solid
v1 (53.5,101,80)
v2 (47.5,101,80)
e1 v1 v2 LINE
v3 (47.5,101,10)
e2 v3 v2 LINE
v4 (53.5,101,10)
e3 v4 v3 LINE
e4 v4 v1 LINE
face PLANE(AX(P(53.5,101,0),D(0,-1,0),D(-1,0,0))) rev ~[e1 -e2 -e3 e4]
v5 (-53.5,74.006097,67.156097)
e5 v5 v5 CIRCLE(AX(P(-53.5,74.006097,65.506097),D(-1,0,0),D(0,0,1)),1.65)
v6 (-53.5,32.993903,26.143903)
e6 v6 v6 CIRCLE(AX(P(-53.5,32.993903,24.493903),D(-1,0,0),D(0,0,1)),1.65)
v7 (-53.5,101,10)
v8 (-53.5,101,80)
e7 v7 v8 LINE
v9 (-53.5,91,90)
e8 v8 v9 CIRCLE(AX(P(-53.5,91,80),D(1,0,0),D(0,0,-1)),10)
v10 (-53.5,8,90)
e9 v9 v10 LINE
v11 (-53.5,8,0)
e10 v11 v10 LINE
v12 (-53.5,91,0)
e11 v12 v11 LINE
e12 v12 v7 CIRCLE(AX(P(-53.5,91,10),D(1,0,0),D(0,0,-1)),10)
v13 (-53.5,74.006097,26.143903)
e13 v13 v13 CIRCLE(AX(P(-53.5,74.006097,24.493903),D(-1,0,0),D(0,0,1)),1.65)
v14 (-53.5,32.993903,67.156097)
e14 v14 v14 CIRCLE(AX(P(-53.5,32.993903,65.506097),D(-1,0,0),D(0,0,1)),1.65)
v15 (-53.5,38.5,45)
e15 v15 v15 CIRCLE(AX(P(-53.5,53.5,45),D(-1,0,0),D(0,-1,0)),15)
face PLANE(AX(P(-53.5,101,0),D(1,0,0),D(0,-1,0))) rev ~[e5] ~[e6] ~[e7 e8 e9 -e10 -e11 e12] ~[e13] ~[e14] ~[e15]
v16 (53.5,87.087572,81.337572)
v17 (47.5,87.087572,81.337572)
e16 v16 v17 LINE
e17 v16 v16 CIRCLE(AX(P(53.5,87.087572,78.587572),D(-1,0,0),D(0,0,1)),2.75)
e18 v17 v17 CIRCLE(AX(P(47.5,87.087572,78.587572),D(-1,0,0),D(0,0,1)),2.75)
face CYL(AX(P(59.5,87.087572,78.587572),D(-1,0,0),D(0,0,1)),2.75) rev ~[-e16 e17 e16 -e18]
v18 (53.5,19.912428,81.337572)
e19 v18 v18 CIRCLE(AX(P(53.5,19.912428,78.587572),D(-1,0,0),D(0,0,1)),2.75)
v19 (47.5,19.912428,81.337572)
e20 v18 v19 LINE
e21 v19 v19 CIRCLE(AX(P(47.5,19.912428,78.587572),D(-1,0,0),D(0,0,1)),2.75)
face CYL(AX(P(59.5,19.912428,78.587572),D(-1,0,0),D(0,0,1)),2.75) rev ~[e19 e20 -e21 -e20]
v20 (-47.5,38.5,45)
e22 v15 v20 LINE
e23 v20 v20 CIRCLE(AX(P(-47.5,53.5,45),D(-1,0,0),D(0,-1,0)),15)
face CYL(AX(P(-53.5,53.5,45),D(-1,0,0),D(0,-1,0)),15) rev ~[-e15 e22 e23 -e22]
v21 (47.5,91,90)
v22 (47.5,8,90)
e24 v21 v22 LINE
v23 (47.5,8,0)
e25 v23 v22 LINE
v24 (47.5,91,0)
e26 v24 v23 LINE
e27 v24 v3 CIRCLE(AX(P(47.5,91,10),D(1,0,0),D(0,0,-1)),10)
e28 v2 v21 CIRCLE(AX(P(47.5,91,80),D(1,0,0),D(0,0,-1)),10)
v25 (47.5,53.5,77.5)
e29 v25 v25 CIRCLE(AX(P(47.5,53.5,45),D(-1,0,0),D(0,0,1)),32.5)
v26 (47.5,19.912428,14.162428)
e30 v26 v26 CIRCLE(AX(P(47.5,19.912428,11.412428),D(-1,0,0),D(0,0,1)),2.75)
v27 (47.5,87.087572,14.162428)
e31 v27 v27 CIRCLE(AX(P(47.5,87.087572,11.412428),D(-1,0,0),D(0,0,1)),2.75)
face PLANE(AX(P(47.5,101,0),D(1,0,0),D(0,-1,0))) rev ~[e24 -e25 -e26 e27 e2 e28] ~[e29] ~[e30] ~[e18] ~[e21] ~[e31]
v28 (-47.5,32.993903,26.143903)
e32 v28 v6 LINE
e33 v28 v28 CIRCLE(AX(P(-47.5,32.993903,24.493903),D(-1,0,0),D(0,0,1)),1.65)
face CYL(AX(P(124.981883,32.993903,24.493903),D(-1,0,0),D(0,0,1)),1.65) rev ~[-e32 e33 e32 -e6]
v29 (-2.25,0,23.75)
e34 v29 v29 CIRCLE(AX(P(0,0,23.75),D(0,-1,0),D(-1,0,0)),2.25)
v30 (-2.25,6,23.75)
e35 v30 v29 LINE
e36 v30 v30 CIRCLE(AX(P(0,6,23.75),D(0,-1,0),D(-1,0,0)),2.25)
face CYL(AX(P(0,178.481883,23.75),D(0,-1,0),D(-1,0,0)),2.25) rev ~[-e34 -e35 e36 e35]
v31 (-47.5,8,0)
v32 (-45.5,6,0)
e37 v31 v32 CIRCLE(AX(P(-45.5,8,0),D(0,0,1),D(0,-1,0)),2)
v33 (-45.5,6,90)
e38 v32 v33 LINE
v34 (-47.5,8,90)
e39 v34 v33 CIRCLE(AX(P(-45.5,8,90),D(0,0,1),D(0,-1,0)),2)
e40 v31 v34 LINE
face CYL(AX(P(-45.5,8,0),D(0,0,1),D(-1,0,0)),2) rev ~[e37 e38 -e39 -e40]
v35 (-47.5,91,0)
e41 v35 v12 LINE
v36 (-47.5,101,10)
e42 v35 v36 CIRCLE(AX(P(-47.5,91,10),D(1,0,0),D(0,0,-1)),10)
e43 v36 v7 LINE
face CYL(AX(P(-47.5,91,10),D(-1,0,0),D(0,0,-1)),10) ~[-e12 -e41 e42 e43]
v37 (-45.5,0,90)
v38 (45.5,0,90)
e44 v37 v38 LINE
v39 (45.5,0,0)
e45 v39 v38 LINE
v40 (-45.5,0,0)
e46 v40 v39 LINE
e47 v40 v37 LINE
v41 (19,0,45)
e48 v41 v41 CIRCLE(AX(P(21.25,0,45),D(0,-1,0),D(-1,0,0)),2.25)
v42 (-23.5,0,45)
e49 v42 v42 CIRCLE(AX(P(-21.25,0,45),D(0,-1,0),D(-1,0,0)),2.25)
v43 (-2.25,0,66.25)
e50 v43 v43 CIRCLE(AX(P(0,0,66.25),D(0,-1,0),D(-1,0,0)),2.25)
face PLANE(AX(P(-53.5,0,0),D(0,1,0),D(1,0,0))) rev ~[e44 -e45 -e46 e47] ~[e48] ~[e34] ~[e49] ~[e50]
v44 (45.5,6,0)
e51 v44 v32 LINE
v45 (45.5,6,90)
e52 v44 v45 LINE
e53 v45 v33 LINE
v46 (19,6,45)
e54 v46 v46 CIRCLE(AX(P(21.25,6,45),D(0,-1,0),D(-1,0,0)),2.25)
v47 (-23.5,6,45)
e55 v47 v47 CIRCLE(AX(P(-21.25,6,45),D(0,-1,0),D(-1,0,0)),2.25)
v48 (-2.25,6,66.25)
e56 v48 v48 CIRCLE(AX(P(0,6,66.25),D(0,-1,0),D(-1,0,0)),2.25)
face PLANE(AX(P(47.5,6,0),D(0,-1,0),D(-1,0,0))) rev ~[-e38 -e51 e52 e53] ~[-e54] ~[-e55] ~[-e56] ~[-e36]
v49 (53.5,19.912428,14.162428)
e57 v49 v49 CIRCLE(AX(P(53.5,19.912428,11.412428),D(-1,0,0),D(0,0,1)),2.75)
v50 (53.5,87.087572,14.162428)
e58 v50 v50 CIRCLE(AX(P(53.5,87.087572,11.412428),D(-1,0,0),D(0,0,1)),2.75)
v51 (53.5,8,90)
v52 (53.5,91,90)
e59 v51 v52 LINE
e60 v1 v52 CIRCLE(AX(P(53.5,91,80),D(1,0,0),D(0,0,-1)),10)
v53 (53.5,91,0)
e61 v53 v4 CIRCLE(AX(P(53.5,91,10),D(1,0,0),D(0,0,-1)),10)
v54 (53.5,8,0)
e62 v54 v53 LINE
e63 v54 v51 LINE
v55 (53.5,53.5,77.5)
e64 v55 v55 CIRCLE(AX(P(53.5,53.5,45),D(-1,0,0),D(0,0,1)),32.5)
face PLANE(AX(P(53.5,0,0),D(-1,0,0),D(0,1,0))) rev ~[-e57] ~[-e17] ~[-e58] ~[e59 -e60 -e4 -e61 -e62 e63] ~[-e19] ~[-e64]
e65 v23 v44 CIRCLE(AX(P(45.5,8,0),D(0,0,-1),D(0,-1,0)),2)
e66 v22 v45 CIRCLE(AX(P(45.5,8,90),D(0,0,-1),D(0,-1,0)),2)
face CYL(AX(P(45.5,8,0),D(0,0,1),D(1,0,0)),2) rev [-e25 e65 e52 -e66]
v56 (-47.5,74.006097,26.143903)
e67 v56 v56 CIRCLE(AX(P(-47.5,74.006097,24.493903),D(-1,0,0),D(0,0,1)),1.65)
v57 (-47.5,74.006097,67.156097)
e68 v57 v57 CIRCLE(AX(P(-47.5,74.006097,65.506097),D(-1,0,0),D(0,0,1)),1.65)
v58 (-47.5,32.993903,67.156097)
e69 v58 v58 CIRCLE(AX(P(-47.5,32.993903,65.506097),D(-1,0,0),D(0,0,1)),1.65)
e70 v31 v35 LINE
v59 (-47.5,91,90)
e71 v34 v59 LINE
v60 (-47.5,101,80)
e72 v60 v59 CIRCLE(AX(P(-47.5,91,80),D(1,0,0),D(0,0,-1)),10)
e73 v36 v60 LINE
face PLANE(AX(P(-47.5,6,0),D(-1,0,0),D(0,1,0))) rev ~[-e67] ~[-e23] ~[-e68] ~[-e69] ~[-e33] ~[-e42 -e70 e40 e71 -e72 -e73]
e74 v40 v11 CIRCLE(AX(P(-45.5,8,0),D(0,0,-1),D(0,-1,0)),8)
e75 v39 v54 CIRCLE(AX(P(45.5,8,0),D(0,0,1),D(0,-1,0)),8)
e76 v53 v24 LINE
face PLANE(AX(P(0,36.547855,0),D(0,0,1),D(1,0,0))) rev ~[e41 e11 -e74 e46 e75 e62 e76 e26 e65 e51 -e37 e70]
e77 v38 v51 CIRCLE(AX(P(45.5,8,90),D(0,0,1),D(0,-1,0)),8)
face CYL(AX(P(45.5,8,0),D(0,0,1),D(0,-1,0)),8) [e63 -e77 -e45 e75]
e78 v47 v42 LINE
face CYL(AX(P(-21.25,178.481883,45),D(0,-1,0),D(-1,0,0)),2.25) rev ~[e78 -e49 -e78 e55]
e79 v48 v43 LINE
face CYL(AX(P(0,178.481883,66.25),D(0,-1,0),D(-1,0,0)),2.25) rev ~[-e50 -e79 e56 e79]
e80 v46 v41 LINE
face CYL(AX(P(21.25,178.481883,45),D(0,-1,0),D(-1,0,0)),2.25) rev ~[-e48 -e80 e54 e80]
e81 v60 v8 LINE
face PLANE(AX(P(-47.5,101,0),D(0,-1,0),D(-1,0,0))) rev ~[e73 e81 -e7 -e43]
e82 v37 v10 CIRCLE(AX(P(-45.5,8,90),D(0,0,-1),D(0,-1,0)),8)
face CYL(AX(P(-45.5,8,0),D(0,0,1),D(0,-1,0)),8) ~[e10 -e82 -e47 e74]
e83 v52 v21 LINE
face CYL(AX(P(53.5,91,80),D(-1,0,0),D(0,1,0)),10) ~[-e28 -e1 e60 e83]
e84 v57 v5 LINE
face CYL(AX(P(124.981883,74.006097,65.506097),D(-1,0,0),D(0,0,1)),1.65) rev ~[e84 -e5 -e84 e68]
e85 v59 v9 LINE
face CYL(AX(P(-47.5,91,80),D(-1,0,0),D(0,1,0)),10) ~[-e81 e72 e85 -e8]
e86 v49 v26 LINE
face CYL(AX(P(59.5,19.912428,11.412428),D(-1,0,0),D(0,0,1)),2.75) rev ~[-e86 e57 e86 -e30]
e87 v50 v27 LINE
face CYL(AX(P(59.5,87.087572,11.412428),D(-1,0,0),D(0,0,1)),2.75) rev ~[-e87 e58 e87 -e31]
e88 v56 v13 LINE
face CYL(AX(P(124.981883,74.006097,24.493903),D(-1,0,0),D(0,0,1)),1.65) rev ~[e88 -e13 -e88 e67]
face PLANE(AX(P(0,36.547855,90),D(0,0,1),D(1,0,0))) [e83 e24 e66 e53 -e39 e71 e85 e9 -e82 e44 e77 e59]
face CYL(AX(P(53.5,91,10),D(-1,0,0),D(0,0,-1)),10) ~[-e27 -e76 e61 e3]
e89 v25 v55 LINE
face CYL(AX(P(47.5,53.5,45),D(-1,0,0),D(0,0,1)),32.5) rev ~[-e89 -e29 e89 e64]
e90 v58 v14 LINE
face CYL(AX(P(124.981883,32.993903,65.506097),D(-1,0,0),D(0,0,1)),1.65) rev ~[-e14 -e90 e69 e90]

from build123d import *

# Parameters (mm, degrees)
BOSS_EXTRUDE1_DEPTH      = 90
M4_CLEARANCE_HOLE1_D     = 4.5
SKETCH4_R                = 32.5
CUT_EXTRUDE1_DEPTH       = 169.825353546
M5_CLEARANCE_HOLE1_D     = 5.5
M5_CLEARANCE_HOLE1_DEPTH = 6
CUT_EXTRUDE2_REACH       = 174.482
SKETCH7_R                = 15
FILLET1_R                = 8
FILLET2_R                = 2
FILLET3_R                = 10
TAP_DRILL_FOR_M4_TAP1_D  = 3.3


with BuildPart() as part:
    # Sketch1 → Boss-Extrude1 (new body)
    with BuildSketch(Plane.XY):
        Polygon((-53.5, 0), (53.5, 0), (53.5, 101), (47.5, 101), (47.5, 6), (-47.5, 6), (-47.5, 101), (-53.5, 101), align=None)
    extrude(amount=BOSS_EXTRUDE1_DEPTH)

    # M4 Clearance Hole1 (through all)
    with Locations(Plane(origin=(0, 6, 0), x_dir=(1, 0, 0), z_dir=(0, 1, 0))):
        with Locations((-21.25, -45), (0, -23.75), (21.25, -45), (0, -66.25)):
            Hole(M4_CLEARANCE_HOLE1_D / 2)

    # Sketch4 → Cut-Extrude1 (cut, through all)
    with BuildSketch(Plane.ZY.offset(-47.5)):
        with Locations((45, 53.5)):
            Circle(SKETCH4_R)
    extrude(amount=-CUT_EXTRUDE1_DEPTH, mode=Mode.SUBTRACT)

    # M5 Clearance Hole1
    with Locations(Plane(origin=(53.5, 0, 0), x_dir=(0, 0, -1), z_dir=(1, 0, 0))):
        with Locations((-78.587572106, 87.087572106), (-11.412427894, 87.087572106), (-11.412427894, 19.912427894), (-78.587572106, 19.912427894)):
            Hole(M5_CLEARANCE_HOLE1_D / 2, depth=M5_CLEARANCE_HOLE1_DEPTH)

    # Sketch7 → Cut-Extrude2 (cut, up to next)
    with BuildSketch(Plane.ZY.offset(53.5), mode=Mode.PRIVATE) as cut_extrude2_sk1:
        with Locations(Location((45, 53.5, 0), (0, 0, 270))):
            Circle(SKETCH7_R)
    cut_extrude2_tool1 = extrude(cut_extrude2_sk1.sketch, amount=-CUT_EXTRUDE2_REACH, mode=Mode.PRIVATE) & part.part
    add(cut_extrude2_tool1.solids().sort_by_distance((-53.5, 53.5, 45))[0], mode=Mode.SUBTRACT)

    # Fillet1
    fillet1_edges = [part.edges().sort_by_distance(p)[0] for p in [
        (53.5, 0, 45),
        (-53.5, 0, 45),
    ]]
    fillet(fillet1_edges, radius=FILLET1_R)

    # Fillet2
    fillet2_edges = [part.edges().sort_by_distance(p)[0] for p in [
        (-47.5, 6, 45),
        (47.5, 6, 45),
    ]]
    fillet(fillet2_edges, radius=FILLET2_R)

    # Fillet3
    fillet3_edges = [part.edges().sort_by_distance(p)[0] for p in [
        (-50.5, 101, 0),
        (-50.5, 101, 90),
        (50.5, 101, 90),
        (50.5, 101, 0),
    ]]
    fillet(fillet3_edges, radius=FILLET3_R)

    # Tap Drill for M4 Tap1 (through all)
    with Locations(Plane(origin=(-47.5, 0, 0), x_dir=(0, 0, -1), z_dir=(1, 0, 0))):
        with Locations((-65.506096654, 74.006096654), (-24.493903346, 74.006096654), (-24.493903346, 32.993903346), (-65.506096654, 32.993903346)):
            Hole(TAP_DRILL_FOR_M4_TAP1_D / 2)


solid = part.part
